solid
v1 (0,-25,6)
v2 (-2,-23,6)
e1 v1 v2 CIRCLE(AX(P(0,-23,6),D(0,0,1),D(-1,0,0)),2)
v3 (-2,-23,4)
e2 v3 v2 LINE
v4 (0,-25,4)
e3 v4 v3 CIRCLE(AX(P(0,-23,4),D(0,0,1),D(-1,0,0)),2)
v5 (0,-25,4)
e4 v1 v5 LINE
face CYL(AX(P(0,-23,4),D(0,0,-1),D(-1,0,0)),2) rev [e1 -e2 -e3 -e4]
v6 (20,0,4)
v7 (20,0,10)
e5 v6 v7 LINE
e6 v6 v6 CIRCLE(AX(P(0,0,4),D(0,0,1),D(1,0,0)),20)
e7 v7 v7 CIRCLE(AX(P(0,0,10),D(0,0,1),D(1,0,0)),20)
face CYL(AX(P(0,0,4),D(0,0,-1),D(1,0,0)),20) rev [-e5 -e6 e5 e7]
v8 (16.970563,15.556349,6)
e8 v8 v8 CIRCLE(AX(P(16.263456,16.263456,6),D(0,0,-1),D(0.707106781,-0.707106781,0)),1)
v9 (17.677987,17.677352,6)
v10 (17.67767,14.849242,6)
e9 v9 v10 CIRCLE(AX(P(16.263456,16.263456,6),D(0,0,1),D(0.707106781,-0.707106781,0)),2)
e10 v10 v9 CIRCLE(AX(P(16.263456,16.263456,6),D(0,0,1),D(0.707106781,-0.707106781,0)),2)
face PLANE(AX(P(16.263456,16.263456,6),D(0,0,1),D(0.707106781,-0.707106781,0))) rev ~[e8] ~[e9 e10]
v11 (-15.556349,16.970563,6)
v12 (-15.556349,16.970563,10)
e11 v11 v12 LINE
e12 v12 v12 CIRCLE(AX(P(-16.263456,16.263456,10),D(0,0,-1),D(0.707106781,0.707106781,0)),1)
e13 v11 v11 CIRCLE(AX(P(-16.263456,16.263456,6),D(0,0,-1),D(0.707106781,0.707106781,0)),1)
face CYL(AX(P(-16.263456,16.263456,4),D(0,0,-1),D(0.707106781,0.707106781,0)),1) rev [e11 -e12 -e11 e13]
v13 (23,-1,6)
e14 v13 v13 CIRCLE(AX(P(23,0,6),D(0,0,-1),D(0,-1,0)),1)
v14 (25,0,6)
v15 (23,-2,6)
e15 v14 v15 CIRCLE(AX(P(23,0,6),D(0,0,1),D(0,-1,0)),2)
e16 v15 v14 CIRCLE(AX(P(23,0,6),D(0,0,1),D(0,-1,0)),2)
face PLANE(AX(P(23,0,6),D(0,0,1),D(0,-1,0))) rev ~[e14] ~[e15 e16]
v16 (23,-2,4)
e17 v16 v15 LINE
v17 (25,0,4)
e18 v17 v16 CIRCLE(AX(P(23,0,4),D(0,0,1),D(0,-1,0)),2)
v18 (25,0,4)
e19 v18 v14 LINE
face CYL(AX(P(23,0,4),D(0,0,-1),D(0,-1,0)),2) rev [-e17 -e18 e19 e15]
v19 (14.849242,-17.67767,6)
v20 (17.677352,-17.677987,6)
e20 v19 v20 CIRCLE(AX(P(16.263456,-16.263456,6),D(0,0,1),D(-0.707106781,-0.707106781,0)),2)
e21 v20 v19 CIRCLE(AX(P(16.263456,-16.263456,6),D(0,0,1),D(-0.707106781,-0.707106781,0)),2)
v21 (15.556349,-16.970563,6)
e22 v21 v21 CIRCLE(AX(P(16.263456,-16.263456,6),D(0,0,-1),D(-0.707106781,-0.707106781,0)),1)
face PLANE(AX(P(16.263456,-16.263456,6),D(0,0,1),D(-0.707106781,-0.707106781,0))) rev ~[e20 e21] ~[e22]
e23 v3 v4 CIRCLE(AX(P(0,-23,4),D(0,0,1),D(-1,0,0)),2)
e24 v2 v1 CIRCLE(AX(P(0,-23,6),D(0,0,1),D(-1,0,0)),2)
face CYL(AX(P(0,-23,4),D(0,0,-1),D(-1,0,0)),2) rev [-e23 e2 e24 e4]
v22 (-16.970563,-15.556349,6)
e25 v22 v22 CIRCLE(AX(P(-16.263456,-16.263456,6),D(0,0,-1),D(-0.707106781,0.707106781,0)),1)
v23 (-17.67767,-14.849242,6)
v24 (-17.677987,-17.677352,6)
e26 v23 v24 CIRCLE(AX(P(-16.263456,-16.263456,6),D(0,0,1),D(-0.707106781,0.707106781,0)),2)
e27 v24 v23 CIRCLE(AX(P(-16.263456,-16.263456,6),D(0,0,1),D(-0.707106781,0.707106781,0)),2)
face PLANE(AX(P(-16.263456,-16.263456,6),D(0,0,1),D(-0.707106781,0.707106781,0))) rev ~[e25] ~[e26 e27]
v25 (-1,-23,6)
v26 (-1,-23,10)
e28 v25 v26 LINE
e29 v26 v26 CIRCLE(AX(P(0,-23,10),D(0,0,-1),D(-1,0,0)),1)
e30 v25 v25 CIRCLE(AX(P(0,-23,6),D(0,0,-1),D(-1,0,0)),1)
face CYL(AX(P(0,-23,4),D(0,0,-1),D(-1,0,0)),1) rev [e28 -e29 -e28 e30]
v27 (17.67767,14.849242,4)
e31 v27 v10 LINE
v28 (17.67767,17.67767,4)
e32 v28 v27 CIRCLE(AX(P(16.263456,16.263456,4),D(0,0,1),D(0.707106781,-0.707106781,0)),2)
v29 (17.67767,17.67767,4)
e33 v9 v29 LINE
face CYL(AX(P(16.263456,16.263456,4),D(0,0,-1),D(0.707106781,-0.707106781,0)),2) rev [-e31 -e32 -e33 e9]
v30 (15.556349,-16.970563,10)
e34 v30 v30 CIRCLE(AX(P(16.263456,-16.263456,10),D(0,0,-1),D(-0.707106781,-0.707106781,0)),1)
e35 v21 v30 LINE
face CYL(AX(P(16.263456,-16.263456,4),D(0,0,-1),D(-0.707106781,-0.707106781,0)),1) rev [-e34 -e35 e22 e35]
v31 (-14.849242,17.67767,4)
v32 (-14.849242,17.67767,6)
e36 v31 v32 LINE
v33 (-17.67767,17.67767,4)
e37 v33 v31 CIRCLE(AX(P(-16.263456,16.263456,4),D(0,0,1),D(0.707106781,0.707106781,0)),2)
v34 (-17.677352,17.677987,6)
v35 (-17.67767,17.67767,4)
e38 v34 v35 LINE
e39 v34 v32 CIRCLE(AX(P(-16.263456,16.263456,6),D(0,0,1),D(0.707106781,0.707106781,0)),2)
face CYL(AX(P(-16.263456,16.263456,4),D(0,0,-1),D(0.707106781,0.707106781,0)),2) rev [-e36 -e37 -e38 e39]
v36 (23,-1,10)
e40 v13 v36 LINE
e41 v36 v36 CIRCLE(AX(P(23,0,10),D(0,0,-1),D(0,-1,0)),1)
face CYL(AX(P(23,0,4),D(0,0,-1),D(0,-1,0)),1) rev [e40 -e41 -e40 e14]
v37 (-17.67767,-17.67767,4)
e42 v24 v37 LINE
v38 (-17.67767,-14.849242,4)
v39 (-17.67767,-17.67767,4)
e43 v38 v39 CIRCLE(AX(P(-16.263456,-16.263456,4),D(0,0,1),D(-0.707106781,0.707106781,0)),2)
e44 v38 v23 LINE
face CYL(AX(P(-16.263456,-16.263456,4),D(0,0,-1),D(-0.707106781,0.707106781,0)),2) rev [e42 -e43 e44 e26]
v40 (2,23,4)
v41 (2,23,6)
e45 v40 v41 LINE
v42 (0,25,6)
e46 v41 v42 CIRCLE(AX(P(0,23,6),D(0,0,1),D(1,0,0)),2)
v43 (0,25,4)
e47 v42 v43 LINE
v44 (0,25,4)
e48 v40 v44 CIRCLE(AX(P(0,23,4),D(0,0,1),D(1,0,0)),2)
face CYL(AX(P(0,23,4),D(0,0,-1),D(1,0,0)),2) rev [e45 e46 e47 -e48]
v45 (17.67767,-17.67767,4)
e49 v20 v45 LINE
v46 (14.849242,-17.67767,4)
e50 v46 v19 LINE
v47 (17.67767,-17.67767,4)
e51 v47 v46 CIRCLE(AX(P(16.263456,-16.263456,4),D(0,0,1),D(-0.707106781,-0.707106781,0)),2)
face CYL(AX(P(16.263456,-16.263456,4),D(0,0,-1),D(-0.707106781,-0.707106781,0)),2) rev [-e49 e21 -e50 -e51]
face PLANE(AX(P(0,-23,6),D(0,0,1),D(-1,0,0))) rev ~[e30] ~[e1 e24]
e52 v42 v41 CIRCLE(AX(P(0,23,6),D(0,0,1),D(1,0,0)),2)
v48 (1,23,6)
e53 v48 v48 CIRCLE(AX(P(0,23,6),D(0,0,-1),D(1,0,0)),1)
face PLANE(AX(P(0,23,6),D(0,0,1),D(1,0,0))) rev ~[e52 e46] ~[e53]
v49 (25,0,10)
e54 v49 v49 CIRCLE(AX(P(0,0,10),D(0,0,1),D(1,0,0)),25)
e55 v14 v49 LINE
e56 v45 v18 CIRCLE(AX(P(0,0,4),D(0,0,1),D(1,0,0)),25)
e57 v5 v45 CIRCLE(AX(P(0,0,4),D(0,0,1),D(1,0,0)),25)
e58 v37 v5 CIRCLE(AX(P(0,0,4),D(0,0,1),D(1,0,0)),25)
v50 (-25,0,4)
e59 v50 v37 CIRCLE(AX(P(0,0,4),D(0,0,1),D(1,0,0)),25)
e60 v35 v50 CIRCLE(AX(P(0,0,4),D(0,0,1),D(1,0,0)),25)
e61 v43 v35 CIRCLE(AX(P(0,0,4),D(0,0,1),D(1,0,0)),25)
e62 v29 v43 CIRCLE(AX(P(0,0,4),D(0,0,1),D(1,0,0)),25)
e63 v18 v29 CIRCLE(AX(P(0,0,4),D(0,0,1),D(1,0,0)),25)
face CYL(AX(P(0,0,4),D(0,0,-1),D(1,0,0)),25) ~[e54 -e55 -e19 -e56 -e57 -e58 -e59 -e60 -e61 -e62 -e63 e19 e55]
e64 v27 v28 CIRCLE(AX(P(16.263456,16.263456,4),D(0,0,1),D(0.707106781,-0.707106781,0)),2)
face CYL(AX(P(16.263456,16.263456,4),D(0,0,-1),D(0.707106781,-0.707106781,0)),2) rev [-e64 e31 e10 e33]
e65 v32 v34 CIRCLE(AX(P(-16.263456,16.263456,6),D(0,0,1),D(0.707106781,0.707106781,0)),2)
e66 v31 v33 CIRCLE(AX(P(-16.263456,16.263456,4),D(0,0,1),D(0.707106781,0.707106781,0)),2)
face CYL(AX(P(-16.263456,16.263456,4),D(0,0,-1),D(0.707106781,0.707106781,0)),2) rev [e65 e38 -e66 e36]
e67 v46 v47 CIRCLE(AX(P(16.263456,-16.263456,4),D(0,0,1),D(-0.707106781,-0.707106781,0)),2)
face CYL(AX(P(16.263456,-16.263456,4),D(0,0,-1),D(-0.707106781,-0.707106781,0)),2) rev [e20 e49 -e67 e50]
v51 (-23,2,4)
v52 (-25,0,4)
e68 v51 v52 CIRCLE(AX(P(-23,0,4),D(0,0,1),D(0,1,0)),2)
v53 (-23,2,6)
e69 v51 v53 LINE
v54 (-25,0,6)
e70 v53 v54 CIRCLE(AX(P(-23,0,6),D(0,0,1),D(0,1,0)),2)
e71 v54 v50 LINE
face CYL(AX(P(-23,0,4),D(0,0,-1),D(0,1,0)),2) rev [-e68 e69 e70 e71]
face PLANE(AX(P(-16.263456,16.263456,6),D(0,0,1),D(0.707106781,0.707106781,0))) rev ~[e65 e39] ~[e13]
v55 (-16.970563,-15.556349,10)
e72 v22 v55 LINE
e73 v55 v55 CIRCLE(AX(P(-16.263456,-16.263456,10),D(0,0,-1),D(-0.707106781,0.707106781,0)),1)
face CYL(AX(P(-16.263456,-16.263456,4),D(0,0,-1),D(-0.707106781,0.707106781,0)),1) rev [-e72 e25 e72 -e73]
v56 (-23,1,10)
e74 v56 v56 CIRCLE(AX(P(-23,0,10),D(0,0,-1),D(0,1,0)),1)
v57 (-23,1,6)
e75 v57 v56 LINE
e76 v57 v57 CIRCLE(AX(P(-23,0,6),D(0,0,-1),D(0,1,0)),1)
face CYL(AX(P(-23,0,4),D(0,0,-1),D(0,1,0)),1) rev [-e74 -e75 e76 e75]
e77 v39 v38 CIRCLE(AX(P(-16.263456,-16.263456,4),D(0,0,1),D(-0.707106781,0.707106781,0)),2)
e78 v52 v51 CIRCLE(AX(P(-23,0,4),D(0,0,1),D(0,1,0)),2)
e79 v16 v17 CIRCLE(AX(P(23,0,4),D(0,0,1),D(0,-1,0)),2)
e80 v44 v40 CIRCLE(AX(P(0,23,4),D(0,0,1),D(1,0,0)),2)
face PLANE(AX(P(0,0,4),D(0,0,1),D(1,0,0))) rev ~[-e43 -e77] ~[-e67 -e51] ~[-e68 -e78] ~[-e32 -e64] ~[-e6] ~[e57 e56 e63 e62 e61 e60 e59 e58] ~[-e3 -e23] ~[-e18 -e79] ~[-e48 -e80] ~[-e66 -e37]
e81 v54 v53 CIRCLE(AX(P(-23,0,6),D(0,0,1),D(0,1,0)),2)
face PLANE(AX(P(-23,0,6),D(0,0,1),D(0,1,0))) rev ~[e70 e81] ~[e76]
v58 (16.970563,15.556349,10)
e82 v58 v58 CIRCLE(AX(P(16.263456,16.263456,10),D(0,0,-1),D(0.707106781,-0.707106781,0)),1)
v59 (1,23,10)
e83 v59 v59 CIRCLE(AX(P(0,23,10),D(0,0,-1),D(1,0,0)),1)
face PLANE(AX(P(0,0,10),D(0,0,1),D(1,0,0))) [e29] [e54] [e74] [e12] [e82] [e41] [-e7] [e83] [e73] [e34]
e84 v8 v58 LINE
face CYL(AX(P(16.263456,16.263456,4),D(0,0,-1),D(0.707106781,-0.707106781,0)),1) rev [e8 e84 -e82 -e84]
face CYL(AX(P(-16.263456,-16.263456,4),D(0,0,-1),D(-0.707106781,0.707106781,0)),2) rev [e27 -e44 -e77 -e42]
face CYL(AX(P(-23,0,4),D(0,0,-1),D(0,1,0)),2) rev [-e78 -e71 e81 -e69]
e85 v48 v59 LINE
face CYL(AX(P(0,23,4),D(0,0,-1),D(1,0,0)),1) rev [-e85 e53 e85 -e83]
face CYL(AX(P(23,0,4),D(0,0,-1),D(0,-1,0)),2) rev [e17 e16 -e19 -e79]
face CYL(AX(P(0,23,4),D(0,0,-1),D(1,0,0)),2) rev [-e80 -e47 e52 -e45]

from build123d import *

# Parameters (mm, degrees)
CYLINDER2777_R               = 1
CYLINDER2777_DEPTH           = 10
CYLINDER2777_PLACEMENT_ANGLE = 45
CYLINDER2779_R               = 1
CYLINDER2779_DEPTH           = 10
CYLINDER2780_R               = 1
CYLINDER2780_DEPTH           = 10
CYLINDER2780_PLACEMENT_ANGLE = 135
CYLINDER2784_R               = 1
CYLINDER2784_DEPTH           = 10
CYLINDER2776_R               = 1
CYLINDER2776_DEPTH           = 10
CYLINDER2776_PLACEMENT_ANGLE = 225
CYLINDER2782_R               = 1
CYLINDER2782_DEPTH           = 10
CYLINDER2775_R               = 1
CYLINDER2775_DEPTH           = 10
CYLINDER2775_PLACEMENT_ANGLE = 45
CYLINDER2774_R               = 1
CYLINDER2774_DEPTH           = 10
CYLINDER2788_R               = 2
CYLINDER2788_DEPTH           = 2
CYLINDER2788_PLACEMENT_ANGLE = 45
CYLINDER2783_R               = 2
CYLINDER2783_DEPTH           = 2
CYLINDER2778_R               = 2
CYLINDER2778_DEPTH           = 2
CYLINDER2778_PLACEMENT_ANGLE = 135
CYLINDER2789_R               = 2
CYLINDER2789_DEPTH           = 2
CYLINDER2785_R               = 2
CYLINDER2785_DEPTH           = 2
CYLINDER2785_PLACEMENT_ANGLE = 225
CYLINDER2786_R               = 2
CYLINDER2786_DEPTH           = 2
CYLINDER2787_R               = 2
CYLINDER2787_DEPTH           = 2
CYLINDER2787_PLACEMENT_ANGLE = 45
CYLINDER2781_R               = 2
CYLINDER2781_DEPTH           = 2
TUBE136_R                    = 25
TUBE136_R_2                  = 20
TUBE136_DEPTH                = 6


with BuildPart() as v_lec2747:
    # Cylinder2777 → Cylinder2777 (new body)
    with BuildSketch(Plane.XY):
        Circle(CYLINDER2777_R)
    extrude(amount=CYLINDER2777_DEPTH)


with BuildPart() as v_lec2747_1:
    # Cylinder2777 placement: moved
    add(v_lec2747.part.moved(Location((-16.263456, 16.263456, 4))).rotate(Axis((-16.263456, 16.263456, 4), (0, 0, 1)), CYLINDER2777_PLACEMENT_ANGLE))


with BuildPart() as v_lec2749:
    # Cylinder2779 → Cylinder2779 (new body)
    with BuildSketch(Plane(origin=(-23, 0, 4), x_dir=(0, 1, 0), z_dir=(0, 0, 1))):
        Circle(CYLINDER2779_R)
    extrude(amount=CYLINDER2779_DEPTH)


with BuildPart() as v_lec2750:
    # Cylinder2780 → Cylinder2780 (new body)
    with BuildSketch(Plane.XY):
        Circle(CYLINDER2780_R)
    extrude(amount=CYLINDER2780_DEPTH)


with BuildPart() as v_lec2750_1:
    # Cylinder2780 placement: moved
    add(v_lec2750.part.moved(Location((-16.263456, -16.263456, 4))).rotate(Axis((-16.263456, -16.263456, 4), (0, 0, 1)), CYLINDER2780_PLACEMENT_ANGLE))


with BuildPart() as v_lec2754:
    # Cylinder2784 → Cylinder2784 (new body)
    with BuildSketch(Plane(origin=(0, -23, 4), x_dir=(-1, 0, 0), z_dir=(0, 0, 1))):
        Circle(CYLINDER2784_R)
    extrude(amount=CYLINDER2784_DEPTH)


with BuildPart() as v_lec2746:
    # Cylinder2776 → Cylinder2776 (new body)
    with BuildSketch(Plane.XY):
        Circle(CYLINDER2776_R)
    extrude(amount=CYLINDER2776_DEPTH)


with BuildPart() as v_lec2746_1:
    # Cylinder2776 placement: moved
    add(v_lec2746.part.moved(Location((16.263456, -16.263456, 4))).rotate(Axis((16.263456, -16.263456, 4), (0, 0, 1)), CYLINDER2776_PLACEMENT_ANGLE))


with BuildPart() as v_lec2752:
    # Cylinder2782 → Cylinder2782 (new body)
    with BuildSketch(Plane(origin=(23, 0, 4), x_dir=(0, -1, 0), z_dir=(0, 0, 1))):
        Circle(CYLINDER2782_R)
    extrude(amount=CYLINDER2782_DEPTH)


with BuildPart() as v_lec2745:
    # Cylinder2775 → Cylinder2775 (new body)
    with BuildSketch(Plane.XY):
        Circle(CYLINDER2775_R)
    extrude(amount=CYLINDER2775_DEPTH)


with BuildPart() as v_lec2745_1:
    # Cylinder2775 placement: moved
    add(v_lec2745.part.moved(Location((16.263456, 16.263456, 4))).rotate(Axis((16.263456, 16.263456, 4), (0, 0, -1)), CYLINDER2775_PLACEMENT_ANGLE))


with BuildPart() as compound1238:
    # Cylinder2774 → Cylinder2774 (new body)
    with BuildSketch(Plane(origin=(0, 23, 4), x_dir=(1, 0, 0), z_dir=(0, 0, 1))):
        Circle(CYLINDER2774_R)
    extrude(amount=CYLINDER2774_DEPTH)

    # Compound1238: union Válec2747, Válec2749, Válec2750, Válec2754, Válec2746, Válec2752, Válec2745
    add(v_lec2747_1.part)
    add(v_lec2749.part)
    add(v_lec2750_1.part)
    add(v_lec2754.part)
    add(v_lec2746_1.part)
    add(v_lec2752.part)
    add(v_lec2745_1.part)


with BuildPart() as v_lec2758:
    # Cylinder2788 → Cylinder2788 (new body)
    with BuildSketch(Plane.XY):
        Circle(CYLINDER2788_R)
    extrude(amount=CYLINDER2788_DEPTH)


with BuildPart() as v_lec2758_1:
    # Cylinder2788 placement: moved
    add(v_lec2758.part.moved(Location((-16.263456, 16.263456, 4))).rotate(Axis((-16.263456, 16.263456, 4), (0, 0, 1)), CYLINDER2788_PLACEMENT_ANGLE))


with BuildPart() as v_lec2753:
    # Cylinder2783 → Cylinder2783 (new body)
    with BuildSketch(Plane(origin=(-23, 0, 4), x_dir=(0, 1, 0), z_dir=(0, 0, 1))):
        Circle(CYLINDER2783_R)
    extrude(amount=CYLINDER2783_DEPTH)


with BuildPart() as v_lec2748:
    # Cylinder2778 → Cylinder2778 (new body)
    with BuildSketch(Plane.XY):
        Circle(CYLINDER2778_R)
    extrude(amount=CYLINDER2778_DEPTH)


with BuildPart() as v_lec2748_1:
    # Cylinder2778 placement: moved
    add(v_lec2748.part.moved(Location((-16.263456, -16.263456, 4))).rotate(Axis((-16.263456, -16.263456, 4), (0, 0, 1)), CYLINDER2778_PLACEMENT_ANGLE))


with BuildPart() as v_lec2759:
    # Cylinder2789 → Cylinder2789 (new body)
    with BuildSketch(Plane(origin=(0, -23, 4), x_dir=(-1, 0, 0), z_dir=(0, 0, 1))):
        Circle(CYLINDER2789_R)
    extrude(amount=CYLINDER2789_DEPTH)


with BuildPart() as v_lec2755:
    # Cylinder2785 → Cylinder2785 (new body)
    with BuildSketch(Plane.XY):
        Circle(CYLINDER2785_R)
    extrude(amount=CYLINDER2785_DEPTH)


with BuildPart() as v_lec2755_1:
    # Cylinder2785 placement: moved
    add(v_lec2755.part.moved(Location((16.263456, -16.263456, 4))).rotate(Axis((16.263456, -16.263456, 4), (0, 0, 1)), CYLINDER2785_PLACEMENT_ANGLE))


with BuildPart() as v_lec2756:
    # Cylinder2786 → Cylinder2786 (new body)
    with BuildSketch(Plane(origin=(23, 0, 4), x_dir=(0, -1, 0), z_dir=(0, 0, 1))):
        Circle(CYLINDER2786_R)
    extrude(amount=CYLINDER2786_DEPTH)


with BuildPart() as v_lec2757:
    # Cylinder2787 → Cylinder2787 (new body)
    with BuildSketch(Plane.XY):
        Circle(CYLINDER2787_R)
    extrude(amount=CYLINDER2787_DEPTH)


with BuildPart() as v_lec2757_1:
    # Cylinder2787 placement: moved
    add(v_lec2757.part.moved(Location((16.263456, 16.263456, 4))).rotate(Axis((16.263456, 16.263456, 4), (0, 0, -1)), CYLINDER2787_PLACEMENT_ANGLE))


with BuildPart() as compound1239:
    # Cylinder2781 → Cylinder2781 (new body)
    with BuildSketch(Plane(origin=(0, 23, 4), x_dir=(1, 0, 0), z_dir=(0, 0, 1))):
        Circle(CYLINDER2781_R)
    extrude(amount=CYLINDER2781_DEPTH)

    # Compound1239: union Válec2758, Válec2753, Válec2748, Válec2759, Válec2755, Válec2756, Válec2757
    add(v_lec2758_1.part)
    add(v_lec2753.part)
    add(v_lec2748_1.part)
    add(v_lec2759.part)
    add(v_lec2755_1.part)
    add(v_lec2756.part)
    add(v_lec2757_1.part)


with BuildPart() as cut1046:
    # Tube136 → Tube136 (new body)
    with BuildSketch(Plane.XY.offset(4)):
        Circle(TUBE136_R)
        Circle(TUBE136_R_2, mode=Mode.SUBTRACT)
    extrude(amount=TUBE136_DEPTH)

    # Cut1047: cut Compound1239
    add(compound1239.part, mode=Mode.SUBTRACT)

    # Cut1046: cut Compound1238
    add(compound1238.part, mode=Mode.SUBTRACT)


solid = cut1046.part
